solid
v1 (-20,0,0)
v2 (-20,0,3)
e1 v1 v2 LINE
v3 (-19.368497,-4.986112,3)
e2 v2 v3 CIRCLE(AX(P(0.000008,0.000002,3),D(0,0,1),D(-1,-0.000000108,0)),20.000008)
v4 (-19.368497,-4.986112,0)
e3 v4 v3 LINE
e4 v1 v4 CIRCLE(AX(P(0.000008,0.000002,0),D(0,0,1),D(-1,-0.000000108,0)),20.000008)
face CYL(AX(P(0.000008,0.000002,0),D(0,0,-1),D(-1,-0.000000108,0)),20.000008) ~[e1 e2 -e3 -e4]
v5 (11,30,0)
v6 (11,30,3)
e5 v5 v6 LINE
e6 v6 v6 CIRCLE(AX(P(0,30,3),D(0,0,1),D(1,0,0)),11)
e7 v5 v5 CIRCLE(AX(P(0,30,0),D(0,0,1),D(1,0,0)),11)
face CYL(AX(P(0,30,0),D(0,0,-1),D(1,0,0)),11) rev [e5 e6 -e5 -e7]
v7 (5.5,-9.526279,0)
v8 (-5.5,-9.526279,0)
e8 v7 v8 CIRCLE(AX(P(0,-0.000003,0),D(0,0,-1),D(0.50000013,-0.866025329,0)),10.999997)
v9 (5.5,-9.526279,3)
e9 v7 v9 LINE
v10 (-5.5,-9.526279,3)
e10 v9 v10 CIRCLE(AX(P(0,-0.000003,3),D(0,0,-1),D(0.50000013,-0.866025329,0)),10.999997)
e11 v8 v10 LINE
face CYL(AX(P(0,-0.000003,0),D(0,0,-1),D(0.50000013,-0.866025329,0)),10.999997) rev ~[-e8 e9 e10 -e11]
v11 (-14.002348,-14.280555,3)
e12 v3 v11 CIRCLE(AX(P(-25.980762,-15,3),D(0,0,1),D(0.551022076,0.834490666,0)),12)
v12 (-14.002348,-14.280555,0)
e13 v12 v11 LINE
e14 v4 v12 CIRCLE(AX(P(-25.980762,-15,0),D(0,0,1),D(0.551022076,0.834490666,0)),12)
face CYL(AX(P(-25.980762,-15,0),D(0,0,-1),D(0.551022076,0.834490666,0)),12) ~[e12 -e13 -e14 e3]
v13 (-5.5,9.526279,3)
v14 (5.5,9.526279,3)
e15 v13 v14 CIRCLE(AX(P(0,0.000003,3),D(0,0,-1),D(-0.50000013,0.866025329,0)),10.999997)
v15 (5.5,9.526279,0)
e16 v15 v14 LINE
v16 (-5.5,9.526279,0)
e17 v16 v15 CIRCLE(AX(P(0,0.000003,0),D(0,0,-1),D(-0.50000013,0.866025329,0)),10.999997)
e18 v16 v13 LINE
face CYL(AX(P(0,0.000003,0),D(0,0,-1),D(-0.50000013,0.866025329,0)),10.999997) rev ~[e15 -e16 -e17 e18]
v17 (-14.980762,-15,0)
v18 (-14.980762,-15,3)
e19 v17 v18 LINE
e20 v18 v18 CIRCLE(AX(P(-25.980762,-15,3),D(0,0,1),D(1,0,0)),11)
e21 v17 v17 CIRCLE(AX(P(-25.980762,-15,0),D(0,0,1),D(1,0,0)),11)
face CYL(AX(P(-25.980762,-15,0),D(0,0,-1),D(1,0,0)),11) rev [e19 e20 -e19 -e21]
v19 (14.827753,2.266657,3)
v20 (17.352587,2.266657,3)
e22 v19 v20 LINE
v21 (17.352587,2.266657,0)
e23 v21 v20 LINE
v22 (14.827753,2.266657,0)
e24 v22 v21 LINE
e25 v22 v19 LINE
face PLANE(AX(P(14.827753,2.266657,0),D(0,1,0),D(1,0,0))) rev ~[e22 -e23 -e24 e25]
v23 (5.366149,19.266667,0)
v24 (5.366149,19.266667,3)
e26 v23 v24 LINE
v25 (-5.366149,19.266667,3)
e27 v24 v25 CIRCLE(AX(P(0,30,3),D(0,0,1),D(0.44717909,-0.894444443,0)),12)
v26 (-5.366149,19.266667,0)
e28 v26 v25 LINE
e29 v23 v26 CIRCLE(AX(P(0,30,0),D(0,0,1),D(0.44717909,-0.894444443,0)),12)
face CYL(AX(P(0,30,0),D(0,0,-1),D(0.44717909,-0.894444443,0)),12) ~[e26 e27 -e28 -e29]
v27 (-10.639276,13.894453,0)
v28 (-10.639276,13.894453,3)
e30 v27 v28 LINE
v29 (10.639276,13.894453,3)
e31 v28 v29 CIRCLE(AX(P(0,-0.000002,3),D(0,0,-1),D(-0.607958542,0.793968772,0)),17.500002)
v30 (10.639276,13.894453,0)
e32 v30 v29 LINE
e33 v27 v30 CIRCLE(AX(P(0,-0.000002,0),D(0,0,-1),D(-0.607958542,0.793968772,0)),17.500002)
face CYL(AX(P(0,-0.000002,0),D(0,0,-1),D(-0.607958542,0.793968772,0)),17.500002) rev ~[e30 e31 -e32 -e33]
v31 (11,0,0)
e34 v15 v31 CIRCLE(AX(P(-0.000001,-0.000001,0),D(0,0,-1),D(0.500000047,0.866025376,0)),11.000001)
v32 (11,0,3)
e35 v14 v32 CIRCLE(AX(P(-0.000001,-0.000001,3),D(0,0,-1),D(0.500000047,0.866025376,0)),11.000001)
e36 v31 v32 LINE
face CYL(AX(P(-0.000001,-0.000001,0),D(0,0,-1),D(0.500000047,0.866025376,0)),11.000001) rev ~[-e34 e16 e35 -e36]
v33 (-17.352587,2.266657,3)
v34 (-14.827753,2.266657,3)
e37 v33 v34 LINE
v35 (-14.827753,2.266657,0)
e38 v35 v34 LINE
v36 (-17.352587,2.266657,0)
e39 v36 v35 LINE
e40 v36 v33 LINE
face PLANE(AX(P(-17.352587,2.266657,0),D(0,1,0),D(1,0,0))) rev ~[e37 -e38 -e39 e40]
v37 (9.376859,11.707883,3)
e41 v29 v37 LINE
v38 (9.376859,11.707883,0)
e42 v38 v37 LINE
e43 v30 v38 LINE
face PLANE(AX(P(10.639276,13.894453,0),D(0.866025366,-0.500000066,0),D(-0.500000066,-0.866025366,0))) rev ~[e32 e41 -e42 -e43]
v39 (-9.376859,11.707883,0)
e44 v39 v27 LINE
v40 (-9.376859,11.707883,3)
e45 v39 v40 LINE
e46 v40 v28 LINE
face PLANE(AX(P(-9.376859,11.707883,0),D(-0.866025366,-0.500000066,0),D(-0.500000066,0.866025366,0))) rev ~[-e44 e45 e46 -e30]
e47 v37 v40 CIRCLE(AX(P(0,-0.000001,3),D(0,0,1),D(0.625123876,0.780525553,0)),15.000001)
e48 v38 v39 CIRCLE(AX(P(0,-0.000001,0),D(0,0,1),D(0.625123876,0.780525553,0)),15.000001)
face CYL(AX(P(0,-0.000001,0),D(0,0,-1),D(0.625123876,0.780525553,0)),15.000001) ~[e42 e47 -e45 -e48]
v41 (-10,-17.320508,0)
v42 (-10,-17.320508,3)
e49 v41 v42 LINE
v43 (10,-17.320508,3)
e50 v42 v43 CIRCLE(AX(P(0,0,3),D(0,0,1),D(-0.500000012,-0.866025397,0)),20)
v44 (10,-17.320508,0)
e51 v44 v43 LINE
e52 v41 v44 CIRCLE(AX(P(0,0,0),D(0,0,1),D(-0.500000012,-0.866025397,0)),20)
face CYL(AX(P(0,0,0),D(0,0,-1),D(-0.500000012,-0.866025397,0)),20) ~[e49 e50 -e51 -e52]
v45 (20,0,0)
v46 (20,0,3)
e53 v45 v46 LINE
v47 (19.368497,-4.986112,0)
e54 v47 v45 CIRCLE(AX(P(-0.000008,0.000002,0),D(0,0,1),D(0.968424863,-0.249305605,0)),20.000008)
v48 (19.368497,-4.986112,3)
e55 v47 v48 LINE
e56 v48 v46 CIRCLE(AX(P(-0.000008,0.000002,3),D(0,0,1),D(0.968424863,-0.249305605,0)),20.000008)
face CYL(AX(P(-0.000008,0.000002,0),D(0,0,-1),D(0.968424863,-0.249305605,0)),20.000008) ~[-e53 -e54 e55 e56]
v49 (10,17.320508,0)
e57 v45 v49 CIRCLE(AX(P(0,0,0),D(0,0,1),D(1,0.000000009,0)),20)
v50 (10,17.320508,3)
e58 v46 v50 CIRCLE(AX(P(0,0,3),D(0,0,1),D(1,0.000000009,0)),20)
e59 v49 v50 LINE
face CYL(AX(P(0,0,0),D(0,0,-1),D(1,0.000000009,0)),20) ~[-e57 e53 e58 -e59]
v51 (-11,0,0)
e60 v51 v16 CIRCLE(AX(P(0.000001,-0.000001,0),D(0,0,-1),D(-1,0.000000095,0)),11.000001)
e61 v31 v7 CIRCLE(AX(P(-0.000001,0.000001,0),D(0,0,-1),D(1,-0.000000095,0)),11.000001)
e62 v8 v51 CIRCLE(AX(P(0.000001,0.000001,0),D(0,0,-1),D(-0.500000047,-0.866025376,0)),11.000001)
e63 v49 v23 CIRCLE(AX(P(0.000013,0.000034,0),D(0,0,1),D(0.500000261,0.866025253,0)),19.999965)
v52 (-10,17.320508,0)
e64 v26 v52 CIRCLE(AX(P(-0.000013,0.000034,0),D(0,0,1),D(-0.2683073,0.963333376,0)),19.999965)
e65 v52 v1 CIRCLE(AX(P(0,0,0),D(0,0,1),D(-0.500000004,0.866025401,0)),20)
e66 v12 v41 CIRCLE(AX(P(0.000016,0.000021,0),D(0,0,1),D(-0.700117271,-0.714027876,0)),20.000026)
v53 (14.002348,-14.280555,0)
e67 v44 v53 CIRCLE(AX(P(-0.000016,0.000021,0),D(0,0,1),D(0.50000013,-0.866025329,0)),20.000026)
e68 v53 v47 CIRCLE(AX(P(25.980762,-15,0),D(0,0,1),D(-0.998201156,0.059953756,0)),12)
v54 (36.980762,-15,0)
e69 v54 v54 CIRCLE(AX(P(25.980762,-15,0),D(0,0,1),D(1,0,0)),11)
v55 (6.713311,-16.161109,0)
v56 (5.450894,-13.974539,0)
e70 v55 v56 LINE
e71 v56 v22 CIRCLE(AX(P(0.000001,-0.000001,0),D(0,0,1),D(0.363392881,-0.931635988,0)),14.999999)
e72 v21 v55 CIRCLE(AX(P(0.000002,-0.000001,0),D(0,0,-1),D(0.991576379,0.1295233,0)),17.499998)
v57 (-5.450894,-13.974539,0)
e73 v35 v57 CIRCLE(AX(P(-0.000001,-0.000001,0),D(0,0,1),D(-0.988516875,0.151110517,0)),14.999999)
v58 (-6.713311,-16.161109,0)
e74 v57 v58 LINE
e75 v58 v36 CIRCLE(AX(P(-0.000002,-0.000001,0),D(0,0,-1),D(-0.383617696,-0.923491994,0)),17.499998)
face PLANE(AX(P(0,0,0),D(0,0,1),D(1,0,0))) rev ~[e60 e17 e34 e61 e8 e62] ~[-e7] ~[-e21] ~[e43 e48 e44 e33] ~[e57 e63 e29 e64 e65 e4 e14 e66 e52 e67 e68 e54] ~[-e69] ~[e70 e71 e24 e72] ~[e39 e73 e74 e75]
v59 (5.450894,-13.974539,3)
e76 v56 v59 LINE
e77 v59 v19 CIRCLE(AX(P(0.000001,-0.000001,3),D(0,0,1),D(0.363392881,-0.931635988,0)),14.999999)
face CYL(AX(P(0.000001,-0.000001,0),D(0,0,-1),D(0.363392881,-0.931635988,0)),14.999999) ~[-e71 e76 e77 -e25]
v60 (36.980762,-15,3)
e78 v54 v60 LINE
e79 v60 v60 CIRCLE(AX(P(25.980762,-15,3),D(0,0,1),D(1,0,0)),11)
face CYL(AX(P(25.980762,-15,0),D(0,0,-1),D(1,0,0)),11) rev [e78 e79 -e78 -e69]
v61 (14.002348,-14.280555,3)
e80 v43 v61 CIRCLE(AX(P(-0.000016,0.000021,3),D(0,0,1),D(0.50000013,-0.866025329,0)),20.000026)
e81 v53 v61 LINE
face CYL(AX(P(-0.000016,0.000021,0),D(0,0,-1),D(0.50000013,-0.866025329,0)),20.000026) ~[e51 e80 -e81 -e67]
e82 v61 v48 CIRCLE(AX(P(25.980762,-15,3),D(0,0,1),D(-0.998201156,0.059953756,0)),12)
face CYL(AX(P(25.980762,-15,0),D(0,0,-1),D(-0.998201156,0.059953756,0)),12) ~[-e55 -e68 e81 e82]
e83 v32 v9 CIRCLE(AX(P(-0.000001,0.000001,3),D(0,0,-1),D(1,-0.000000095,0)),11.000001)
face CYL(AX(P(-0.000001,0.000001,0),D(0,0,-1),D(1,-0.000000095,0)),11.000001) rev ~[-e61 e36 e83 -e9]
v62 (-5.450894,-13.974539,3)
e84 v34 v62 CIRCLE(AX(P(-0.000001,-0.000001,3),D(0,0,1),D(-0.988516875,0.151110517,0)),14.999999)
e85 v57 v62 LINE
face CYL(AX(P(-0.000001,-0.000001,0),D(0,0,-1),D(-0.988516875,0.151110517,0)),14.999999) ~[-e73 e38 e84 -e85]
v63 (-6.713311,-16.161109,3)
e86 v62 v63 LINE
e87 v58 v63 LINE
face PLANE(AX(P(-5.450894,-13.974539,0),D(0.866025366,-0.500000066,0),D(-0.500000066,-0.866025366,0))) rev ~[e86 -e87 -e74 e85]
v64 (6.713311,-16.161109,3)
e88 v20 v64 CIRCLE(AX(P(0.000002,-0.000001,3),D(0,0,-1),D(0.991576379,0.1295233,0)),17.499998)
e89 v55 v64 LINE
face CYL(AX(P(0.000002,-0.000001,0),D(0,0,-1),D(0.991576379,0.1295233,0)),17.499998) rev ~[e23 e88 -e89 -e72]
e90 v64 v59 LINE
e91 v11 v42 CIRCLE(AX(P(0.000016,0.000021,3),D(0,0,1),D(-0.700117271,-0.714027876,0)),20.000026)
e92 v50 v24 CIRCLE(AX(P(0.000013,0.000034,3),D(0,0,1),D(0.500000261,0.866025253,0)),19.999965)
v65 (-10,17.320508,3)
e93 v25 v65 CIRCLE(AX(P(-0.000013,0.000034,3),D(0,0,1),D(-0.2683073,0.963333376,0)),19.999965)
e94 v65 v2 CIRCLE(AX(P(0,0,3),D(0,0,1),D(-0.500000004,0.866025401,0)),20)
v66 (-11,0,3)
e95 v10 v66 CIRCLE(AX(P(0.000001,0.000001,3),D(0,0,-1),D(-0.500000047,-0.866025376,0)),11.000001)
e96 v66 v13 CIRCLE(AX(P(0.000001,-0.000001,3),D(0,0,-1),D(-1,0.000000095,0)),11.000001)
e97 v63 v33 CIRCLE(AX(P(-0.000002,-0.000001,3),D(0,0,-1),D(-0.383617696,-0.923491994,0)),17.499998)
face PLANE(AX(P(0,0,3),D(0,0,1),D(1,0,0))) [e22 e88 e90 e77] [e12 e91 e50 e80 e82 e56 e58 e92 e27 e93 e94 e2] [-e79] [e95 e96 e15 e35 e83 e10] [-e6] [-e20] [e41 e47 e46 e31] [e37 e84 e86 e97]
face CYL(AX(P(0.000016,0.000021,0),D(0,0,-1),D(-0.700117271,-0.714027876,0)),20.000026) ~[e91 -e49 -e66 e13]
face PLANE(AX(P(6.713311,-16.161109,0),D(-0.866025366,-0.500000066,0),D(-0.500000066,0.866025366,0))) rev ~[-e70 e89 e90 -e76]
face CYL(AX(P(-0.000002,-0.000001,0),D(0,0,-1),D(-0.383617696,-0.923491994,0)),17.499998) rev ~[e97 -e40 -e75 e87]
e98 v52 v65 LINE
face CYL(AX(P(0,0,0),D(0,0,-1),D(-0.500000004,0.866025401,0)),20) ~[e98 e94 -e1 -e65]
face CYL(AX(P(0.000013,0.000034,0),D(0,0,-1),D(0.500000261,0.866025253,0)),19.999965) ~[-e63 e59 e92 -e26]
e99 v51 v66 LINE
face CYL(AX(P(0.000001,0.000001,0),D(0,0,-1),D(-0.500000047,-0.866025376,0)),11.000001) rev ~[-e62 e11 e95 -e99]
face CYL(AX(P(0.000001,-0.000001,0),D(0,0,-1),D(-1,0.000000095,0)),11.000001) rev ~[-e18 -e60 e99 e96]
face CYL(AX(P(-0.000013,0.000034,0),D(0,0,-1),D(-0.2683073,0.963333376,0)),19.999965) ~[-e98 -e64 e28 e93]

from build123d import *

# Parameters (mm, degrees)
F0_R     = 11
F1_DEPTH = 3


with BuildPart() as f1:
    # F0 (on Top) → F1 (new body)
    with BuildSketch(Plane.XY):
        with BuildLine():
            ThreePointArc((19.368497, -4.986112), (19.841496, -2.512972), (20, 0))
            ThreePointArc((20, 0), (17.320508, 10), (10, 17.320508))
            ThreePointArc((10, 17.320508), (7.744451, 18.439726), (5.366149, 19.266667))
            ThreePointArc((5.366149, 19.266667), (0, 42), (-5.366149, 19.266667))
            ThreePointArc((-5.366149, 19.266667), (-7.744451, 18.439726), (-10, 17.320508))
            ThreePointArc((-10, 17.320508), (-17.320508, 10), (-20, 0))
            ThreePointArc((-20, 0), (-19.841496, -2.512972), (-19.368497, -4.986112))
            ThreePointArc((-19.368497, -4.986112), (-36.373067, -21), (-14.002348, -14.280555))
            ThreePointArc((-14.002348, -14.280555), (-12.097045, -15.926754), (-10, -17.320508))
            ThreePointArc((-10, -17.320508), (0, -20), (10, -17.320508))
            ThreePointArc((10, -17.320508), (12.097045, -15.926754), (14.002348, -14.280555))
            ThreePointArc((14.002348, -14.280555), (36.373067, -21), (19.368497, -4.986112))
        make_face()
        with Locations((-25.980762, -15)):
            Circle(F0_R, mode=Mode.SUBTRACT)
        with BuildLine():
            ThreePointArc((-6.713311, -16.161109), (-15.155445, -8.75), (-17.352587, 2.266657))
            Line((-17.352587, 2.266657), (-14.827753, 2.266657))
            ThreePointArc((-14.827753, 2.266657), (-12.990381, -7.5), (-5.450894, -13.974539))
            Line((-5.450894, -13.974539), (-6.713311, -16.161109))
        make_face(mode=Mode.SUBTRACT)
        with Locations((25.980762, -15)):
            Circle(F0_R, mode=Mode.SUBTRACT)
        with BuildLine():
            ThreePointArc((5.450894, -13.974539), (12.990381, -7.5), (14.827753, 2.266657))
            Line((14.827753, 2.266657), (17.352587, 2.266657))
            ThreePointArc((17.352587, 2.266657), (15.155445, -8.75), (6.713311, -16.161109))
            Line((6.713311, -16.161109), (5.450894, -13.974539))
        make_face(mode=Mode.SUBTRACT)
        with BuildLine():
            ThreePointArc((5.5, 9.526279), (9.526279, 5.5), (11, 0))
            ThreePointArc((11, 0), (9.526279, -5.5), (5.5, -9.526279))
            ThreePointArc((5.5, -9.526279), (0, -11), (-5.5, -9.526279))
            ThreePointArc((-5.5, -9.526279), (-9.526279, -5.5), (-11, 0))
            ThreePointArc((-11, 0), (-9.526279, 5.5), (-5.5, 9.526279))
            ThreePointArc((-5.5, 9.526279), (0, 11), (5.5, 9.526279))
        make_face(mode=Mode.SUBTRACT)
        with BuildLine():
            Line((10.639276, 13.894453), (9.376859, 11.707883))
            ThreePointArc((9.376859, 11.707883), (0, 15), (-9.376859, 11.707883))
            Line((-9.376859, 11.707883), (-10.639276, 13.894453))
            ThreePointArc((-10.639276, 13.894453), (0, 17.5), (10.639276, 13.894453))
        make_face(mode=Mode.SUBTRACT)
        with Locations((0, 30)):
            Circle(F0_R, mode=Mode.SUBTRACT)
    extrude(amount=F1_DEPTH)


solid = f1.part
